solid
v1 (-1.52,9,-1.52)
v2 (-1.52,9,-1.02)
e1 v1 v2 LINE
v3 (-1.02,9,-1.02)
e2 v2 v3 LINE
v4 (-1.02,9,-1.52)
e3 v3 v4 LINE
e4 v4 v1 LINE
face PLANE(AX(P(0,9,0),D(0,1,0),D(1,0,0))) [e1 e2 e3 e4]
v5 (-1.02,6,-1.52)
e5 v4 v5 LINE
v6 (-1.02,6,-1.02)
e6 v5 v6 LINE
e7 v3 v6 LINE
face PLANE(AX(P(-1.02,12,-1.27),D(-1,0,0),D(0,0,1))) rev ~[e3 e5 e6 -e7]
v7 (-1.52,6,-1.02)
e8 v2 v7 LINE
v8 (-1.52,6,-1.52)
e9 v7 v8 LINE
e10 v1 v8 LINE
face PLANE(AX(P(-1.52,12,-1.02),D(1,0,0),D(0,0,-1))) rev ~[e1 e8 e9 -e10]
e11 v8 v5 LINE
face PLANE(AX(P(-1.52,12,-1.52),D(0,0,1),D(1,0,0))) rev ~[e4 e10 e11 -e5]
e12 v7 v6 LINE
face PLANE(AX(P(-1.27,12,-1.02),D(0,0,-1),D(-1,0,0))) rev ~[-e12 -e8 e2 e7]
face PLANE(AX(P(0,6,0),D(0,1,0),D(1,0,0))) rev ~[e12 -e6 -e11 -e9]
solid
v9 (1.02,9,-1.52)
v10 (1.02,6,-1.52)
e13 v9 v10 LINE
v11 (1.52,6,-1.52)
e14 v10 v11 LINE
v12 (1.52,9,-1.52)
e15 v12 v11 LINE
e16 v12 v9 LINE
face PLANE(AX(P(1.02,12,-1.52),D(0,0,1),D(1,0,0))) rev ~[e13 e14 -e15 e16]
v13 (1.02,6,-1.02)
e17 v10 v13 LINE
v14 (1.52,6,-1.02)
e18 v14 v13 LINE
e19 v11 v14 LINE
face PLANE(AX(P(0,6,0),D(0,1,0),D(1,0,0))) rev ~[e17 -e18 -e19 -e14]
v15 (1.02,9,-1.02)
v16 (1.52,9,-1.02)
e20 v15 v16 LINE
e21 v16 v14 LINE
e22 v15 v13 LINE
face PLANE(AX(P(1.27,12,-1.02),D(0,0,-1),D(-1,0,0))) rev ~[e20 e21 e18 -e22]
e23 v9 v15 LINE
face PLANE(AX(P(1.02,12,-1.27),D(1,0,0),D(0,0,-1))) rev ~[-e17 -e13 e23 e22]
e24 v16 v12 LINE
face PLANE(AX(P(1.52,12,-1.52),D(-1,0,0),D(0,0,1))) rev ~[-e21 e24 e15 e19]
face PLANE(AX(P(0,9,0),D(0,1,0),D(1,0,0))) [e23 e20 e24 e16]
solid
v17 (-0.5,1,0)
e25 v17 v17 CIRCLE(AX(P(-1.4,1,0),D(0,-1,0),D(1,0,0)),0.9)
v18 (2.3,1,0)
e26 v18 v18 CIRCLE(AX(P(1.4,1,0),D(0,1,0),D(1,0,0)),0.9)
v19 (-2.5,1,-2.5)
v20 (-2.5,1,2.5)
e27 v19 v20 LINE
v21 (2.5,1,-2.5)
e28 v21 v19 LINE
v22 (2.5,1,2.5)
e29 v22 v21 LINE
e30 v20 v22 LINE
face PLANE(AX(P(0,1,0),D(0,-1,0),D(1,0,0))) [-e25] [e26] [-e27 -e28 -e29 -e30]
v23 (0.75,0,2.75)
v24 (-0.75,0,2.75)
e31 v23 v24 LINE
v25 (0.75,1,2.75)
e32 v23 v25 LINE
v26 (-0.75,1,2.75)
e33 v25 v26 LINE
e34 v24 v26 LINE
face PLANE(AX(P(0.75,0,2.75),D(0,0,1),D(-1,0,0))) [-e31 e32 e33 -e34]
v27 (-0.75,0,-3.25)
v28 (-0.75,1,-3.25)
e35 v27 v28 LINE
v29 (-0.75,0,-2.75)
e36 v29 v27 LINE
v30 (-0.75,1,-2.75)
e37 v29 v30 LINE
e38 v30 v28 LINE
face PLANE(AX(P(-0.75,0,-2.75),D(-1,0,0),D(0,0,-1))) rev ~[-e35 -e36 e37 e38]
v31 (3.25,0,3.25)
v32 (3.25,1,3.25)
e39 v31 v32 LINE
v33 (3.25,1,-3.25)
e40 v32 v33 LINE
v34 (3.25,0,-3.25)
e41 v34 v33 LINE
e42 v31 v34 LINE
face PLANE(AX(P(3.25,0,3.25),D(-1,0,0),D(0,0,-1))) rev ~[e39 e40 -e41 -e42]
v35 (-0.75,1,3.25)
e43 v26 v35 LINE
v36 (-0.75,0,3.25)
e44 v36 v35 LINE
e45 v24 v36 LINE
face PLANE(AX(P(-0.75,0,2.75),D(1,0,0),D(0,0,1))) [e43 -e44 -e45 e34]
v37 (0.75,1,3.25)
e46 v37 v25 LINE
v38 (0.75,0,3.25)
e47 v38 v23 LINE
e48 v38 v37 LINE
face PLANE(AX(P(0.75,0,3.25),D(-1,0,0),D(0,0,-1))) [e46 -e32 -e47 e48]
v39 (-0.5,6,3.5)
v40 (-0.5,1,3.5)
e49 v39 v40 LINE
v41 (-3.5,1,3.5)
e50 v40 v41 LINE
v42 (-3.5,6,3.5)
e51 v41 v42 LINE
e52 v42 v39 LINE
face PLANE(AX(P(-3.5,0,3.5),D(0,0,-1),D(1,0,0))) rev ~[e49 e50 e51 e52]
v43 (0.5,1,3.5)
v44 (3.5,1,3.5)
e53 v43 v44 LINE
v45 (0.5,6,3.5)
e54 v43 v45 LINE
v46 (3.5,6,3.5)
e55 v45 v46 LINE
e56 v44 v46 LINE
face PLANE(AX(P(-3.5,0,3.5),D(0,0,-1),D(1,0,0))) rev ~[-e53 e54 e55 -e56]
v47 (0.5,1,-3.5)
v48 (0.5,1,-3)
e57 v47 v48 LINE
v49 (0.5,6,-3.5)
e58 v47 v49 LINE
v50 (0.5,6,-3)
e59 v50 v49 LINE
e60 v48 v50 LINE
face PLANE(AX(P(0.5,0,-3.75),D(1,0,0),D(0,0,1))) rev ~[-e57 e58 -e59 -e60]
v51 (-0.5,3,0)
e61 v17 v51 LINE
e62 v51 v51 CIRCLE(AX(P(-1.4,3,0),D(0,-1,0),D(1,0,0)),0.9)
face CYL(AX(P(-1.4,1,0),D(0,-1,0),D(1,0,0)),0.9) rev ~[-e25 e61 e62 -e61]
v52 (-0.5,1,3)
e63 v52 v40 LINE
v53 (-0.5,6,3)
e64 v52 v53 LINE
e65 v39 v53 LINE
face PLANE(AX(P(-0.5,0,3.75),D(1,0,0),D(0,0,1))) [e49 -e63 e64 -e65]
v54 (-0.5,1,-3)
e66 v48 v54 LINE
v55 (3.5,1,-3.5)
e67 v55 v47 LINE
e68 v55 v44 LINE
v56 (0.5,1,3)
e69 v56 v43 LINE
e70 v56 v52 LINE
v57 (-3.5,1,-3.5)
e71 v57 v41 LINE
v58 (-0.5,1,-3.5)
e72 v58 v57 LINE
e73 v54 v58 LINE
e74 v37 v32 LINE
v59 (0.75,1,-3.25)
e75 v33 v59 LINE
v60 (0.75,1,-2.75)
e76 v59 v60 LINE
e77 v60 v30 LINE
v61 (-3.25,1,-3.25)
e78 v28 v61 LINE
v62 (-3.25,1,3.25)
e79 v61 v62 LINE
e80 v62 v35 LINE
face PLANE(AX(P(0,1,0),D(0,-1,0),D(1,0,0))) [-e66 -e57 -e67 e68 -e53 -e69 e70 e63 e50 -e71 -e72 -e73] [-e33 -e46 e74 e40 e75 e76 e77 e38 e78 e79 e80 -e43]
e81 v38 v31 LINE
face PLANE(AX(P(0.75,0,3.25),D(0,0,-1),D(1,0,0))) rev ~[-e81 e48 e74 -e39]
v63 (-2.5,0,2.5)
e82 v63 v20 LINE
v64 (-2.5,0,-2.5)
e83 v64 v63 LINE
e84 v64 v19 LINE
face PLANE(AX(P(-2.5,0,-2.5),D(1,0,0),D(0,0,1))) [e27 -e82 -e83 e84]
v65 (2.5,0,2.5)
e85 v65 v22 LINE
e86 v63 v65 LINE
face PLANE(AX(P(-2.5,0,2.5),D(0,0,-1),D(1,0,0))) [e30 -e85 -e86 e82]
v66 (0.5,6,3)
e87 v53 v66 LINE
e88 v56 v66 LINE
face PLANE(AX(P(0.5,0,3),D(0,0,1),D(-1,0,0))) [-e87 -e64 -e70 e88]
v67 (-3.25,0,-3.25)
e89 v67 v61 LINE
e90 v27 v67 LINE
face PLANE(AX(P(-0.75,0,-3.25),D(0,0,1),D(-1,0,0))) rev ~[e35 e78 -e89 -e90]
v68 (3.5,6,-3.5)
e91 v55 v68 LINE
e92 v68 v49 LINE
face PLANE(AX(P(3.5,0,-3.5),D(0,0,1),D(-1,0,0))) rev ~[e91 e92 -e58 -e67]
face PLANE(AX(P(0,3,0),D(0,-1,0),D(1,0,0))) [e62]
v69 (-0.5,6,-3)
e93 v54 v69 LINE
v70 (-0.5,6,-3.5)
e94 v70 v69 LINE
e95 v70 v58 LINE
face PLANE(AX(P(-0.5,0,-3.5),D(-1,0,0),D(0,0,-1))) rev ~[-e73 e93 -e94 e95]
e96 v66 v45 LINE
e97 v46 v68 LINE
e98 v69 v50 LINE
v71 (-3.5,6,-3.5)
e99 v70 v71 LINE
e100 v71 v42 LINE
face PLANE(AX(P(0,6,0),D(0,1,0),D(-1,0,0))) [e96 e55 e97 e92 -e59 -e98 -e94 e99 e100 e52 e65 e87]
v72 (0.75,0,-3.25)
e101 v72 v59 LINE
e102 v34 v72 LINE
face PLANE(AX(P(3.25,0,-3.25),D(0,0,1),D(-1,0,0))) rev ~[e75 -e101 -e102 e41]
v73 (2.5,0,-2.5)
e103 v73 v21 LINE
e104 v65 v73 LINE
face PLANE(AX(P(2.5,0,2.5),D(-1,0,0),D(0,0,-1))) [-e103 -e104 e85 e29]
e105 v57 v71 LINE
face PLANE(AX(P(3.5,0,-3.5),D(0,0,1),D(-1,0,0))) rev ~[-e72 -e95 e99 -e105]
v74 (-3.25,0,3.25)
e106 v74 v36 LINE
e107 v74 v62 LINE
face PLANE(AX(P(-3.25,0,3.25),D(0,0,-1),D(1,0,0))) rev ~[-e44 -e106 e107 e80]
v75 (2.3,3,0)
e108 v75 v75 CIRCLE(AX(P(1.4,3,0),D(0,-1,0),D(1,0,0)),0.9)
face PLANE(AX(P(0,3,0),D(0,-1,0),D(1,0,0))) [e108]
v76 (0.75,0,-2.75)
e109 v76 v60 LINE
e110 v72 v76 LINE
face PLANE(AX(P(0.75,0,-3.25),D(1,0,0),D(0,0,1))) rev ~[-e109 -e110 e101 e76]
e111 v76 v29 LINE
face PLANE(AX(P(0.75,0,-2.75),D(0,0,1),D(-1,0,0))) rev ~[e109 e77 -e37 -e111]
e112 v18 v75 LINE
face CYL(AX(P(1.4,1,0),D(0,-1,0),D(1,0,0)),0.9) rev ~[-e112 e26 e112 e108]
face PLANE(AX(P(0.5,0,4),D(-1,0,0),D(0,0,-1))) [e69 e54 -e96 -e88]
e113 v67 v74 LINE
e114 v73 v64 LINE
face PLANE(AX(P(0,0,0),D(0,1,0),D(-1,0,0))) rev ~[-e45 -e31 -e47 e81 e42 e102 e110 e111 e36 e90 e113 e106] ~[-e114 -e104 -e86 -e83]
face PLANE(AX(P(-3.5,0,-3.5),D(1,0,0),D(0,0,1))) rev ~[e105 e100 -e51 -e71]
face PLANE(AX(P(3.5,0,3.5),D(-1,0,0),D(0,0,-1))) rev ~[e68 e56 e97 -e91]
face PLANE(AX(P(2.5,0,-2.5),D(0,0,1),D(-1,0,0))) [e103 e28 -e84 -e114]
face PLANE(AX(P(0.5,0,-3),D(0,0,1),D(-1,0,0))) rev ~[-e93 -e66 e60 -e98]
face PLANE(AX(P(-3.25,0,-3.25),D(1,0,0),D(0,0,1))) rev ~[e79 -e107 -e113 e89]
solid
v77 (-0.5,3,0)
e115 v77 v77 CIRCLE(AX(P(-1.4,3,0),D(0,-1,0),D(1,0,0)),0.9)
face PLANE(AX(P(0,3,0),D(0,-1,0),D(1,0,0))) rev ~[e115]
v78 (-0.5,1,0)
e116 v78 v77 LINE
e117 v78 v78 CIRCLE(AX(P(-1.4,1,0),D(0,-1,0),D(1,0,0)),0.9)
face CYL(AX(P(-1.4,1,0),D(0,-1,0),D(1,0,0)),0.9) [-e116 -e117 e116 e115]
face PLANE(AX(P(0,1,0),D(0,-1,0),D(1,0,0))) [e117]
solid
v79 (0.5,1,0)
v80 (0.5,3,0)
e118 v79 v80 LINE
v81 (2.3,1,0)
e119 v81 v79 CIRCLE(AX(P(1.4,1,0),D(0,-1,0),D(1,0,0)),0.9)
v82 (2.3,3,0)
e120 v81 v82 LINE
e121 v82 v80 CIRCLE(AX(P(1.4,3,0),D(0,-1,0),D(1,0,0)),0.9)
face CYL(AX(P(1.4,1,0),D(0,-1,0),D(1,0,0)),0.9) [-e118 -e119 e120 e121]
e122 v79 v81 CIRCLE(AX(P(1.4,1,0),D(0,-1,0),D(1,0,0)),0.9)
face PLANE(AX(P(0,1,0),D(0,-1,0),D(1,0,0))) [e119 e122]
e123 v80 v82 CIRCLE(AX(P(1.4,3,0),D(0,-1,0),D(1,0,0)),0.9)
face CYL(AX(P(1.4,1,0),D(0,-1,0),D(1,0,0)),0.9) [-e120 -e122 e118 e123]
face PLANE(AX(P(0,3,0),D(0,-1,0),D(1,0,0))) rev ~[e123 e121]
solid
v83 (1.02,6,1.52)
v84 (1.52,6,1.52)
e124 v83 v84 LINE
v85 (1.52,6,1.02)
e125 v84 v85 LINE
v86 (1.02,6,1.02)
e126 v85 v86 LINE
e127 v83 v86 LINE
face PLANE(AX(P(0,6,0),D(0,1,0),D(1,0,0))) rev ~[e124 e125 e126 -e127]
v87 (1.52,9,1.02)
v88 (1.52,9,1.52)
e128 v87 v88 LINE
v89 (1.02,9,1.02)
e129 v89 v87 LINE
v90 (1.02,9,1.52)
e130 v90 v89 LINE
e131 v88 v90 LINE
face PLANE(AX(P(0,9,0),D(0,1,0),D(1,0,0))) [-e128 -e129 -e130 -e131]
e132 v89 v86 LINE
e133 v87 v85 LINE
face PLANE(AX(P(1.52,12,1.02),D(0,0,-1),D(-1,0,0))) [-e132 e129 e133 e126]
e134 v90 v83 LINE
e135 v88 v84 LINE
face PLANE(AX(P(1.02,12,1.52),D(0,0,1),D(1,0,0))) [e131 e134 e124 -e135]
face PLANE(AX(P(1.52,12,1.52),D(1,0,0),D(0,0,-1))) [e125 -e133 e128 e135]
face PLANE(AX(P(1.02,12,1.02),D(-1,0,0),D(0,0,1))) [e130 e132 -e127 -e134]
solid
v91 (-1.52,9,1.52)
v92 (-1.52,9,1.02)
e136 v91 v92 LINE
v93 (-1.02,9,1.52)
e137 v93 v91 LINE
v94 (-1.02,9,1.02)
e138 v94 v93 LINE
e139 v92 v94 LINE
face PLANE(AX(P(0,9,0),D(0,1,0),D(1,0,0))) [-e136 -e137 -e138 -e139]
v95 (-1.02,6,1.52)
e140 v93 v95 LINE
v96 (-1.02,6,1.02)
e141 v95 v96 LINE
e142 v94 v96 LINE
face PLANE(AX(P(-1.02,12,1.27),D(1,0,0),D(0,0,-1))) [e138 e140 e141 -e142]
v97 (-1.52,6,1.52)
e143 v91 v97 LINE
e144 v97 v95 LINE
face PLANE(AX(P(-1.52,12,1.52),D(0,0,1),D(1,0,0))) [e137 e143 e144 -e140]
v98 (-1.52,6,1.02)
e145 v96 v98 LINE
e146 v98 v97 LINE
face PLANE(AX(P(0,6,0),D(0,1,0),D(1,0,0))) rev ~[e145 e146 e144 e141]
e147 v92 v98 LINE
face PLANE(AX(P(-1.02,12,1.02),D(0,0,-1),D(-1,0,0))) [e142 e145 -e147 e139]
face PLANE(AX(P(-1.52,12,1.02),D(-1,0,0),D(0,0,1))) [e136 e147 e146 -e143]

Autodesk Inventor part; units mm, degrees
ref_plane "YZ Plane" through (0, 0, 0) normal (1, 0, 0) x (0, 1, 0)
ref_plane "XZ Plane" through (0, 0, 0) normal (0, 1, 0) x (-1, 0, 0)
ref_plane "XY Plane" through (0, 0, 0) normal (0, 0, 1) x (1, 0, 0)
sketch "Sketch1" plane through (0, 0, 0) normal (0, 1, 0) x (-1, 0, 0)
  line L0 (-3.5, -3.5) -> (3.5, -3.5)
  line L1 (3.5, -3.5) -> (3.5, 3.5)
  line L2 (3.5, 3.5) -> (-3.5, 3.5)
  line L3 (-3.5, 3.5) -> (-3.5, -3.5)
  line L4 (-3.5, -3.5) -> (3.5, 3.5) construction
  line L5 (3.5, -3.5) -> (-3.5, 3.5) construction
  point P0 (0, 0)
  dimension "d0" = 7
  dimension "d1" = 7
extrude "Extrusion1" add sketch "Sketch1" along normal blind 6
sketch "Sketch2" plane through (0, 0, 0) normal (0, -1, 0) x (1, 0, 0)
  line L0 (-2.5, 2.5) -> (2.5, 2.5)
  line L1 (2.5, 2.5) -> (2.5, -2.5)
  line L2 (2.5, -2.5) -> (-2.5, -2.5)
  line L3 (-2.5, -2.5) -> (-2.5, 2.5)
  line L4 (-2.5, 2.5) -> (2.5, -2.5) construction
  line L5 (2.5, 2.5) -> (-2.5, -2.5) construction
  line L6 (-0.5, 4) -> (0.5, 4)
  line L7 (0.5, 4) -> (0.5, 3)
  line L8 (0.5, 3) -> (-0.5, 3)
  line L9 (-0.5, 3) -> (-0.5, 4)
  line L10 (-3.5, 3.5) -> (3.5, 3.5) projected
  line L11 (-0.5, 4) -> (0.5, 3) construction
  line L12 (0.5, 4) -> (-0.5, 3) construction
  line L13 (-0.5, -4) -> (0.5, -4)
  line L14 (0.5, -4) -> (0.5, -3)
  line L15 (0.5, -3) -> (-0.5, -3)
  line L16 (-0.5, -3) -> (-0.5, -4)
  line L17 (3.5, -3.5) -> (-3.5, -3.5) projected
  line L18 (-0.5, -4) -> (0.5, -3) construction
  line L19 (0.5, -4) -> (-0.5, -3) construction
  line L20 (-0.5, 3.5) -> (-3.5, 3.5)
  line L21 (-3.5, -3.5) -> (-3.5, 3.5) projected
  line L22 (-3.5, -3.5) -> (-3.5, 3.5)
  line L23 (-3.5, 3.5) -> (-3.5, -3.5)
  line L24 (-3.5, -3.5) -> (-0.5, -3.5)
  line L25 (0.5, -3.5) -> (3.5, -3.5)
  line L26 (3.5, -3.5) -> (3.5, 3.5)
  line L27 (3.5, 3.5) -> (0.5, 3.5)
  line L28 (3.5, 3.5) -> (3.5, -3.5) projected
  line L29 (3.5, 3.5) -> (3.5, -3.5)
  line L30 (3.25, -3.25) -> (-3.25, -3.25)
  line L31 (-3.25, -3.25) -> (-3.25, 3.25)
  line L32 (-3.25, 3.25) -> (3.25, 3.25)
  line L33 (3.25, 3.25) -> (3.25, -3.25)
  line L34 (3.25, -3.25) -> (-3.25, 3.25) construction
  line L35 (-3.25, -3.25) -> (3.25, 3.25) construction
  line L36 (-0.75, 3.75) -> (0.75, 3.75)
  line L37 (0.75, 3.75) -> (0.75, 2.75)
  line L38 (0.75, 2.75) -> (-0.75, 2.75)
  line L39 (-0.75, 2.75) -> (-0.75, 3.75)
  line L40 (-0.75, 3.75) -> (0.75, 2.75) construction
  line L41 (0.75, 3.75) -> (-0.75, 2.75) construction
  line L42 (-0.75, -3.75) -> (0.75, -3.75)
  line L43 (0.75, -3.75) -> (0.75, -2.75)
  line L44 (0.75, -2.75) -> (-0.75, -2.75)
  line L45 (-0.75, -2.75) -> (-0.75, -3.75)
  line L46 (-0.75, -3.75) -> (0.75, -2.75) construction
  line L47 (0.75, -3.75) -> (-0.75, -2.75) construction
  point P0 (0, 0)
  point P1 (0, 3.5)
  point P2 (0, -3.5)
  point P3 (0, 3.25)
  point P4 (0, -3.25)
  point P5 (-0.75, 3.25)
  point P6 (0.75, 3.25)
  point P7 (0.75, -3.25)
  point P8 (-0.75, -3.25)
  dimension "d10" = 6.5
  dimension "d11" = 6.5
  dimension "d12" = 1
extrude "Extrusion2" cut sketch "Sketch2" against normal blind 1 contours L0 L1 L2 L3 | L9 L32 L39 L10 | L10 L37 L32 L7 | L9 L8 L7 L32 L37 L38 L39 | L39 L32 L31 L30 L45 L17 L21 L10 | L10 L26 L17 L43 L30 L33 L32 L37 | L45 L30 L16 L17 | L17 L14 L30 L43 | L45 L44 L43 L30 L14 L15 L16
extrude "Extrusion3" cut sketch "Sketch2" against normal blind 10 contours L6 L7 L36 L9 | L36 L7 L10 L9 | L10 L7 L32 L9 | L32 L7 L8 L9 | L17 L14 L42 L16 | L16 L30 L14 L17 | L16 L15 L14 L30 | L42 L14 L13 L16
sketch "Sketch3" plane through (0, 6, 0) normal (0, 1, 0) x (1, 0, 0)
  line L0 (-1.4, -1.4) -> (1.4, -1.4)
  line L1 (1.4, -1.4) -> (1.4, 1.4)
  line L2 (1.4, 1.4) -> (-1.4, 1.4)
  line L3 (-1.4, 1.4) -> (-1.4, -1.4)
  line L4 (-1.4, -1.4) -> (1.4, 1.4) construction
  line L5 (1.4, -1.4) -> (-1.4, 1.4) construction
  line L6 (-1.65, 1.65) -> (-1.15, 1.65)
  line L7 (-1.15, 1.65) -> (-1.15, 1.15)
  line L8 (-1.15, 1.15) -> (-1.65, 1.15)
  line L9 (-1.65, 1.15) -> (-1.65, 1.65)
  line L10 (-1.65, 1.65) -> (-1.15, 1.15) construction
  line L11 (-1.15, 1.65) -> (-1.65, 1.15) construction
  line L12 (1.15, 1.65) -> (1.65, 1.65)
  line L13 (1.65, 1.65) -> (1.65, 1.15)
  line L14 (1.65, 1.15) -> (1.15, 1.15)
  line L15 (1.15, 1.15) -> (1.15, 1.65)
  line L16 (1.15, 1.65) -> (1.65, 1.15) construction
  line L17 (1.65, 1.65) -> (1.15, 1.15) construction
  line L18 (1.15, -1.15) -> (1.65, -1.15)
  line L19 (1.65, -1.15) -> (1.65, -1.65)
  line L20 (1.65, -1.65) -> (1.15, -1.65)
  line L21 (1.15, -1.65) -> (1.15, -1.15)
  line L22 (1.15, -1.15) -> (1.65, -1.65) construction
  line L23 (1.65, -1.15) -> (1.15, -1.65) construction
  line L24 (-1.65, -1.15) -> (-1.15, -1.15)
  line L25 (-1.15, -1.15) -> (-1.15, -1.65)
  line L26 (-1.15, -1.65) -> (-1.65, -1.65)
  line L27 (-1.65, -1.65) -> (-1.65, -1.15)
  line L28 (-1.65, -1.15) -> (-1.15, -1.65) construction
  line L29 (-1.15, -1.15) -> (-1.65, -1.65) construction
  point P0 (0, 0)
  dimension "d17" = 2.8
  dimension "d18" = 2.8
  dimension "d19" = 0.5
  dimension "d20" = 0.5
  dimension "d21" = 0.5
  dimension "d22" = 0.5
  dimension "d23" = 0.5
  dimension "d24" = 0.5
  dimension "d25" = 0.5
  dimension "d26" = 0.5
extrude "Extrusion4" add sketch "Sketch3" along normal blind 6 separate body contours L3 L24 L25 L0 | L0 L25 L26 L27 L24 L3 | L21 L18 L1 L0 | L0 L1 L18 L19 L20 L21 | L8 L9 L6 L7 L2 L3 | L3 L2 L7 L8 | L14 L15 L2 L1 | L1 L2 L15 L12 L13 L14
sketch "Sketch4" plane through (0, 12, 0) normal (0, 1, 0) x (1, 0, 0)
  line L0 (-1.27, 1.27) -> (1.27, 1.27)
  line L1 (1.27, 1.27) -> (1.27, -1.27)
  line L2 (1.27, -1.27) -> (-1.27, -1.27)
  line L3 (-1.27, -1.27) -> (-1.27, 1.27)
  line L4 (-1.27, 1.27) -> (1.27, -1.27) construction
  line L5 (1.27, 1.27) -> (-1.27, -1.27) construction
  line L6 (-1.52, -1.52) -> (-1.02, -1.52)
  line L7 (-1.02, -1.52) -> (-1.02, -1.02)
  line L8 (-1.02, -1.02) -> (-1.52, -1.02)
  line L9 (-1.52, -1.02) -> (-1.52, -1.52)
  line L10 (-1.52, -1.52) -> (-1.02, -1.02) construction
  line L11 (-1.02, -1.52) -> (-1.52, -1.02) construction
  line L12 (1.02, -1.52) -> (1.52, -1.52)
  line L13 (1.52, -1.52) -> (1.52, -1.02)
  line L14 (1.52, -1.02) -> (1.02, -1.02)
  line L15 (1.02, -1.02) -> (1.02, -1.52)
  line L16 (1.02, -1.52) -> (1.52, -1.02) construction
  line L17 (1.52, -1.52) -> (1.02, -1.02) construction
  line L18 (1.02, 1.52) -> (1.52, 1.52)
  line L19 (1.52, 1.52) -> (1.52, 1.02)
  line L20 (1.52, 1.02) -> (1.02, 1.02)
  line L21 (1.02, 1.02) -> (1.02, 1.52)
  line L22 (1.02, 1.52) -> (1.52, 1.02) construction
  line L23 (1.52, 1.52) -> (1.02, 1.02) construction
  line L24 (-1.52, 1.52) -> (-1.02, 1.52)
  line L25 (-1.02, 1.52) -> (-1.02, 1.02)
  line L26 (-1.02, 1.02) -> (-1.52, 1.02)
  line L27 (-1.52, 1.02) -> (-1.52, 1.52)
  line L28 (-1.52, 1.52) -> (-1.02, 1.02) construction
  line L29 (-1.02, 1.52) -> (-1.52, 1.02) construction
  line L30 (-1.945, 1.8515) -> (1.945, 1.8515)
  line L31 (1.945, 1.8515) -> (1.945, -1.8515)
  line L32 (1.945, -1.8515) -> (-1.945, -1.8515)
  line L33 (-1.945, -1.8515) -> (-1.945, 1.8515)
  line L34 (-1.945, 1.8515) -> (1.945, -1.8515) construction
  line L35 (1.945, 1.8515) -> (-1.945, -1.8515) construction
  point P0 (0, 0)
  dimension "d29" = 2.54
  dimension "d30" = 2.54
  dimension "d31" = 0.5
  dimension "d32" = 0.5
  dimension "d33" = 0.5
  dimension "d34" = 0.5
  dimension "d35" = 0.5
  dimension "d36" = 0.5
  dimension "d37" = 0.5
  dimension "d38" = 0.5
extrude "Extrusion5" cut sketch "Sketch4" against normal blind 6 contours L3 L26 L27 L24 L25 L0 | L0 L25 L26 L3 | L0 L21 L20 L1 L14 L15 L2 L7 L8 L3 L26 L25 | L21 L18 L19 L20 L1 L0 | L0 L1 L20 L21 | L8 L7 L2 L3 | L3 L2 L7 L6 L9 L8 | L14 L13 L12 L15 L2 L1 | L1 L2 L15 L14 | L30 L31 L32 L33 bodies 2
extrude "Extrusion6" add sketch "Sketch4" against normal blind 6 separate body contours L3 L26 L27 L24 L25 L0 | L0 L25 L26 L3 | L21 L18 L19 L20 L1 L0 | L0 L1 L20 L21 | L8 L7 L2 L3 | L3 L2 L7 L6 L9 L8 | L14 L13 L12 L15 L2 L1 | L1 L2 L15 L14
sketch "Sketch5" plane through (0, 1, 0) normal (0, -1, 0) x (1, 0, 0)
  line L0 (0, 0) -> (-1.4, 0)
  line L1 (0, 0) -> (1.4, 0)
  circle A0 centre (-1.4, 0) radius 0.9
  circle A1 centre (1.4, 0) radius 0.9
  dimension "d43" = 1.4
  dimension "d44" = 1.4
  dimension "d45" = 1.8
  dimension "d46" = 1.8
extrude "Extrusion7" cut sketch "Sketch5" against normal blind 2 bodies 1
extrude "Extrusion8" add sketch "Sketch5" against normal blind 2 separate body contours A1
extrude "Extrusion9" add sketch "Sketch5" against normal blind 2 separate body contours A0
sketch "Sketch6" plane through (0, 12, 0) normal (0, 1, 0) x (1, 0, 0)
  line L0 (-5.946, 4.9955) -> (6.4952, 4.9955)
  line L1 (6.4952, 4.9955) -> (6.4952, -3.9816)
  line L2 (6.4952, -3.9816) -> (-5.946, -3.9816)
  line L3 (-5.946, -3.9816) -> (-5.946, 4.9955)
  point P0 (0, 0)
extrude "Extrusion10" cut sketch "Sketch6" against normal blind 3 bodies 3
properties part number "CNY70"
